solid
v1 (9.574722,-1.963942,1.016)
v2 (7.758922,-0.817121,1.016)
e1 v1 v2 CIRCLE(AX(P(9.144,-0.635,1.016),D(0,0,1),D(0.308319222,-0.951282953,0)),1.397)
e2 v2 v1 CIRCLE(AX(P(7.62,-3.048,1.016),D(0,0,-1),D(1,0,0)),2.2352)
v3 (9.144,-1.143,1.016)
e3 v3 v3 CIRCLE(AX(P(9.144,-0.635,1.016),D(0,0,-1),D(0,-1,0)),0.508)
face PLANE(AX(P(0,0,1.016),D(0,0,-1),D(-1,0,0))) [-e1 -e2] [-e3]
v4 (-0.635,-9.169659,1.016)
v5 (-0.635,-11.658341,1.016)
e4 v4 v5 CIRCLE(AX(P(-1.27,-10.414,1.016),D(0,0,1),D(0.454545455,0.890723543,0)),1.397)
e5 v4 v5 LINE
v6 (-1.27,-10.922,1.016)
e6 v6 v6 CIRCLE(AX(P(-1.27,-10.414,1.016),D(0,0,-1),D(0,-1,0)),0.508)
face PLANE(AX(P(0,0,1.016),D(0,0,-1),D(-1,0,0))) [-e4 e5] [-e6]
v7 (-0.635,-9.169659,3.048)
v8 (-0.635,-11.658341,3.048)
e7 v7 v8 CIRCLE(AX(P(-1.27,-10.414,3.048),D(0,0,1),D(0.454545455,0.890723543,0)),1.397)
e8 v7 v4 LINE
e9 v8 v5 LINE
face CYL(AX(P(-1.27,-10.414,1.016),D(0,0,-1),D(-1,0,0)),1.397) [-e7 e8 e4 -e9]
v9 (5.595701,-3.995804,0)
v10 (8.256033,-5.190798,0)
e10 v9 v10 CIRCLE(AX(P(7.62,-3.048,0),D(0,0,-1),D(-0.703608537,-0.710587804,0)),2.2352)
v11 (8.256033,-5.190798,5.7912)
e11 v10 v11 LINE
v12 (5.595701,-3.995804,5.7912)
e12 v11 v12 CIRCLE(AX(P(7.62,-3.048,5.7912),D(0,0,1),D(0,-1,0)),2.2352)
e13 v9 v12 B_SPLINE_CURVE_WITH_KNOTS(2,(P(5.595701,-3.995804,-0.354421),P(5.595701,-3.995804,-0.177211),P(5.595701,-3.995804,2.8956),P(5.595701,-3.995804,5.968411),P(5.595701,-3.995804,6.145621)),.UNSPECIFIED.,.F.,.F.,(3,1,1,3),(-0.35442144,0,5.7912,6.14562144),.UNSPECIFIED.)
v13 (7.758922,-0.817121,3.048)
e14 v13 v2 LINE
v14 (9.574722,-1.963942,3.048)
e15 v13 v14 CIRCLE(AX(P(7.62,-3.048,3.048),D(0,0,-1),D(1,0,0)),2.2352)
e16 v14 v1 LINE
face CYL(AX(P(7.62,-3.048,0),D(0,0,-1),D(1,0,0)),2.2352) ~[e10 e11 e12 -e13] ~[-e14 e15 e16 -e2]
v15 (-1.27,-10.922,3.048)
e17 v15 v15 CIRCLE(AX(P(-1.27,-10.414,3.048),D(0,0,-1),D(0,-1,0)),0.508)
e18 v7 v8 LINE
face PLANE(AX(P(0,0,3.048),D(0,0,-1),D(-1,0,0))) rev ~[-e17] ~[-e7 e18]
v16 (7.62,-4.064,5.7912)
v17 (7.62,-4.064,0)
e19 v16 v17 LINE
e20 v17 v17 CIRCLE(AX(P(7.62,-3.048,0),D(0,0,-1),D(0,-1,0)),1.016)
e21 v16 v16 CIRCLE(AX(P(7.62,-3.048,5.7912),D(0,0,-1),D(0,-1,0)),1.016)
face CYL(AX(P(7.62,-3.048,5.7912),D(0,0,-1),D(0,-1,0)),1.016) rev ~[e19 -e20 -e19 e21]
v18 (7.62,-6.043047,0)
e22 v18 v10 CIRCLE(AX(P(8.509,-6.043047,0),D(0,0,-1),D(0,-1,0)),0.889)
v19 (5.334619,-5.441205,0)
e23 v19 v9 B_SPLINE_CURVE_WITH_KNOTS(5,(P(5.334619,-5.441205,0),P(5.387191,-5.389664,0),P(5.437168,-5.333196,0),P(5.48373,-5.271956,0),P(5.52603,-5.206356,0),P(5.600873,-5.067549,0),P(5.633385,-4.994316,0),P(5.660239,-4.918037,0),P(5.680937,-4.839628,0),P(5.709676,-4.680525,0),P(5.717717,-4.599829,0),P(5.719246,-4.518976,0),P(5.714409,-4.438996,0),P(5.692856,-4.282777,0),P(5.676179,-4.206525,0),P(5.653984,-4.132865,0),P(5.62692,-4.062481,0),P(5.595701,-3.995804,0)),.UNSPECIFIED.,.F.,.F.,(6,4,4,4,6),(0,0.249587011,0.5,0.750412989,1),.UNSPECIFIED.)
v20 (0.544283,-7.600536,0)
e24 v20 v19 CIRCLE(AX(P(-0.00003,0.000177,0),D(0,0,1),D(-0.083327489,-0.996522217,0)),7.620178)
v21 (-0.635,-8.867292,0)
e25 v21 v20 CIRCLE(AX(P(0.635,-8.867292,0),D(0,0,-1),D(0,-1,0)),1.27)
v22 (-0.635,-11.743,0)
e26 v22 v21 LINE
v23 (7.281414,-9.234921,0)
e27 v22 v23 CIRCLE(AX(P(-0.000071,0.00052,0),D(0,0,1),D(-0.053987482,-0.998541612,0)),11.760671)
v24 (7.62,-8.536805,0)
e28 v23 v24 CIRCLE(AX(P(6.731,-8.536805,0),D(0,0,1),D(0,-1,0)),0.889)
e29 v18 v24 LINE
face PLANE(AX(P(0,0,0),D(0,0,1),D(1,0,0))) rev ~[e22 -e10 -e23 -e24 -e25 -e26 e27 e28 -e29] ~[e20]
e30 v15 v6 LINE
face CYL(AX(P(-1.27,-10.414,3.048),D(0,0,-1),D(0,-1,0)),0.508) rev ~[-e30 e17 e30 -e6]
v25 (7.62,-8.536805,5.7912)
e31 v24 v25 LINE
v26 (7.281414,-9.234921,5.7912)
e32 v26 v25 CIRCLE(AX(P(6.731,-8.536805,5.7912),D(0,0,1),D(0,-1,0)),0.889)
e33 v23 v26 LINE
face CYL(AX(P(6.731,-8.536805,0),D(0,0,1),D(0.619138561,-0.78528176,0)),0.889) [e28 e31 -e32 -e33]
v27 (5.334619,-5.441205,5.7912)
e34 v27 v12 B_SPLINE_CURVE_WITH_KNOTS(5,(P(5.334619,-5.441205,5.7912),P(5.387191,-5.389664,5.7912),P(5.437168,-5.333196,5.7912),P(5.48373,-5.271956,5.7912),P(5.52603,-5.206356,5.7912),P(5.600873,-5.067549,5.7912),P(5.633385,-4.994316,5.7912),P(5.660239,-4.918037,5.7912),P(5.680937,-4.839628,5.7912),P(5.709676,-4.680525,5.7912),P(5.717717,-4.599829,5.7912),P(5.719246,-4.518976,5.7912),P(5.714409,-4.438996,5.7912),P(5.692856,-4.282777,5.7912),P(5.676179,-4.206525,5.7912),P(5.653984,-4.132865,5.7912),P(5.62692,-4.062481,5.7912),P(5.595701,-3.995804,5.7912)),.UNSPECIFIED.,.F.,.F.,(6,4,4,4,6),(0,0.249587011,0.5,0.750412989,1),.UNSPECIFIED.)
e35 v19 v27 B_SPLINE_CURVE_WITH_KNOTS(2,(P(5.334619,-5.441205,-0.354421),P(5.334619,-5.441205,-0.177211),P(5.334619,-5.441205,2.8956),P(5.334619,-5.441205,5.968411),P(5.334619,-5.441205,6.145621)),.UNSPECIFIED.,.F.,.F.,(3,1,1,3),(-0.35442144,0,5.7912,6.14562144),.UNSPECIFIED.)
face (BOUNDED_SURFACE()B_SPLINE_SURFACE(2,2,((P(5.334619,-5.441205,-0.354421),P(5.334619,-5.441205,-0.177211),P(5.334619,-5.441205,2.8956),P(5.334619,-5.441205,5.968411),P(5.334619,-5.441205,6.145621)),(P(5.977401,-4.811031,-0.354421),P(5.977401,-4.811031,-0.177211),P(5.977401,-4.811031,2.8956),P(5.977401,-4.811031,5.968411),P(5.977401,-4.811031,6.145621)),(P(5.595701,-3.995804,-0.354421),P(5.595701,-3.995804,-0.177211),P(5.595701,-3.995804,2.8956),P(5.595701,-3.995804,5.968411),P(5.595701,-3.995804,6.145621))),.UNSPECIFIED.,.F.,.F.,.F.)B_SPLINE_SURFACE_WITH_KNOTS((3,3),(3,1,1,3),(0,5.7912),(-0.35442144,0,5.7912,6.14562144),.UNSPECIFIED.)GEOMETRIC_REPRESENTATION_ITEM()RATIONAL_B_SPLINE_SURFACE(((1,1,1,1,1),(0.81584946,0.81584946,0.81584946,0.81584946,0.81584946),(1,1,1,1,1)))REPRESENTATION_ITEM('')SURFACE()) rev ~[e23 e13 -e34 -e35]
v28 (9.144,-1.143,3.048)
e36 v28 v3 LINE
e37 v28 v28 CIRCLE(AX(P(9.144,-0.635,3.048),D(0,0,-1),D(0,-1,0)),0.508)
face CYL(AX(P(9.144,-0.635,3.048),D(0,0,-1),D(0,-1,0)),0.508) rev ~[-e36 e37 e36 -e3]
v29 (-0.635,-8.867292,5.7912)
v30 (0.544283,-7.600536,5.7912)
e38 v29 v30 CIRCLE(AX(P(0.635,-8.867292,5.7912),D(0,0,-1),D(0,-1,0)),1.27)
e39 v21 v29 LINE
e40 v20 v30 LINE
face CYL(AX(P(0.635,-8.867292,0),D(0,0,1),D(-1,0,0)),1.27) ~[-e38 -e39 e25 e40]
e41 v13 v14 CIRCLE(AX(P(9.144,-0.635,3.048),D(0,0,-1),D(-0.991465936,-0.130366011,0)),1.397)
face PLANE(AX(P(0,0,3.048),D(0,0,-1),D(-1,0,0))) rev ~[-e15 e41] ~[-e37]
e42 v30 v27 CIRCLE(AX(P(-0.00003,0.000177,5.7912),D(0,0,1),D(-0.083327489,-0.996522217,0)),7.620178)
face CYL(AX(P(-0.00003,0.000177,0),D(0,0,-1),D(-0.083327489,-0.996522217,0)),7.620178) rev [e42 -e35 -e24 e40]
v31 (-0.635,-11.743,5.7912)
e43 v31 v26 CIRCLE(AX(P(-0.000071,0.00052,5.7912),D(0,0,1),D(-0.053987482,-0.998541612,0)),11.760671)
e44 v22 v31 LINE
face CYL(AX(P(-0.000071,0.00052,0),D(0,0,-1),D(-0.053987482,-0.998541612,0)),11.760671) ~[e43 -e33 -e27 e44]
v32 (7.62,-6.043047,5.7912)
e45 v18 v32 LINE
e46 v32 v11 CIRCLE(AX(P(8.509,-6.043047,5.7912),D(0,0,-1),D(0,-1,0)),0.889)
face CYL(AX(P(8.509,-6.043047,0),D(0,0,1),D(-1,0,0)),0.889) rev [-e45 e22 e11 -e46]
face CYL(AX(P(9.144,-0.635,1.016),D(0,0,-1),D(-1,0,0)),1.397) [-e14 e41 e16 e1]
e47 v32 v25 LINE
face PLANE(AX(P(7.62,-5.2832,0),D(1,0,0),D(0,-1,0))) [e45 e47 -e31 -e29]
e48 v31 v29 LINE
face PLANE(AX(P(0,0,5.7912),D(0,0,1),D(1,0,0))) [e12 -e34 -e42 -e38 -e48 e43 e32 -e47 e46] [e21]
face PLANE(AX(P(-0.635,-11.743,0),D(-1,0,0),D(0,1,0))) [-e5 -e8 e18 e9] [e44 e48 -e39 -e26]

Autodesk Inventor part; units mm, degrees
ref_plane "YZ Plane" through (0, 0, 0) normal (1, 0, 0) x (0, 1, 0)
ref_plane "XZ Plane" through (0, 0, 0) normal (0, 1, 0) x (-1, 0, 0)
sketch "Sketch1" plane through (0, 0, 0) normal (0, 0, 1) x (1, 0, 0)
  arc A0 (-0.635, -11.743) -> (7.62, -8.9576) centre (0, 0) ccw
  arc A1 (-0.635, -7.5935) -> (6.0473, -4.6363) centre (0, 0) ccw
  circle A2 centre (7.62, -3.048) radius 2.2352
  line L0 (7.62, -5.2832) -> (7.62, -8.9576)
  line L1 (-0.635, -11.743) -> (-0.635, -7.5935)
  dimension "d3" = 2.2352
extrude "Extrusion1" add sketch "Sketch1" along normal blind 5.7912
fillet "Fillet2" radius 0.889 2 edges at (7.62, -5.2832, 2.8956) (7.62, -8.9576, 2.8956)
fillet "Fillet3" radius 1.27 2 edges at (6.0473, -4.6363, 2.8956) (-0.635, -7.5935, 2.8956)
ref_plane "Work Plane1" through (0, 0, 1.016) normal (0, 0, -1) x (-1, 0, 0)
sketch "Sketch2" plane through (0, 0, 1.016) normal (0, 0, -1) x (-1, 0, 0)
  line L0 (0, 0) -> (1.27, 0)
  line L1 (1.27, 0) -> (1.27, -10.414)
  circle A0 centre (1.27, -10.414) radius 1.397
  line L2 (0, 0) -> (-9.144, 0)
  line L3 (-9.144, 0) -> (-9.144, -0.635)
  circle A1 centre (-9.144, -0.635) radius 1.397
  dimension "d10" = 1.27
  dimension "d11" = 10.414
  dimension "d12" = 2.794
  dimension "d15" = 9.144
  dimension "d16" = 0.635
  dimension "d17" = 2.794
extrude "Extrusion2" add sketch "Sketch2" against normal blind 2.032
hole "Hole1" at (-1.27, -10.414, 3.048) direction (0, 0, -1) diameter 1.016 end through all
hole "Hole2" at (9.144, -0.635, 3.048) direction (0, 0, -1) diameter 1.016 end through all
hole "Hole3" at (7.62, -3.048, 5.7912) direction (0, 0, -1) diameter 2.032 end through all
properties part number "BrakePad"
